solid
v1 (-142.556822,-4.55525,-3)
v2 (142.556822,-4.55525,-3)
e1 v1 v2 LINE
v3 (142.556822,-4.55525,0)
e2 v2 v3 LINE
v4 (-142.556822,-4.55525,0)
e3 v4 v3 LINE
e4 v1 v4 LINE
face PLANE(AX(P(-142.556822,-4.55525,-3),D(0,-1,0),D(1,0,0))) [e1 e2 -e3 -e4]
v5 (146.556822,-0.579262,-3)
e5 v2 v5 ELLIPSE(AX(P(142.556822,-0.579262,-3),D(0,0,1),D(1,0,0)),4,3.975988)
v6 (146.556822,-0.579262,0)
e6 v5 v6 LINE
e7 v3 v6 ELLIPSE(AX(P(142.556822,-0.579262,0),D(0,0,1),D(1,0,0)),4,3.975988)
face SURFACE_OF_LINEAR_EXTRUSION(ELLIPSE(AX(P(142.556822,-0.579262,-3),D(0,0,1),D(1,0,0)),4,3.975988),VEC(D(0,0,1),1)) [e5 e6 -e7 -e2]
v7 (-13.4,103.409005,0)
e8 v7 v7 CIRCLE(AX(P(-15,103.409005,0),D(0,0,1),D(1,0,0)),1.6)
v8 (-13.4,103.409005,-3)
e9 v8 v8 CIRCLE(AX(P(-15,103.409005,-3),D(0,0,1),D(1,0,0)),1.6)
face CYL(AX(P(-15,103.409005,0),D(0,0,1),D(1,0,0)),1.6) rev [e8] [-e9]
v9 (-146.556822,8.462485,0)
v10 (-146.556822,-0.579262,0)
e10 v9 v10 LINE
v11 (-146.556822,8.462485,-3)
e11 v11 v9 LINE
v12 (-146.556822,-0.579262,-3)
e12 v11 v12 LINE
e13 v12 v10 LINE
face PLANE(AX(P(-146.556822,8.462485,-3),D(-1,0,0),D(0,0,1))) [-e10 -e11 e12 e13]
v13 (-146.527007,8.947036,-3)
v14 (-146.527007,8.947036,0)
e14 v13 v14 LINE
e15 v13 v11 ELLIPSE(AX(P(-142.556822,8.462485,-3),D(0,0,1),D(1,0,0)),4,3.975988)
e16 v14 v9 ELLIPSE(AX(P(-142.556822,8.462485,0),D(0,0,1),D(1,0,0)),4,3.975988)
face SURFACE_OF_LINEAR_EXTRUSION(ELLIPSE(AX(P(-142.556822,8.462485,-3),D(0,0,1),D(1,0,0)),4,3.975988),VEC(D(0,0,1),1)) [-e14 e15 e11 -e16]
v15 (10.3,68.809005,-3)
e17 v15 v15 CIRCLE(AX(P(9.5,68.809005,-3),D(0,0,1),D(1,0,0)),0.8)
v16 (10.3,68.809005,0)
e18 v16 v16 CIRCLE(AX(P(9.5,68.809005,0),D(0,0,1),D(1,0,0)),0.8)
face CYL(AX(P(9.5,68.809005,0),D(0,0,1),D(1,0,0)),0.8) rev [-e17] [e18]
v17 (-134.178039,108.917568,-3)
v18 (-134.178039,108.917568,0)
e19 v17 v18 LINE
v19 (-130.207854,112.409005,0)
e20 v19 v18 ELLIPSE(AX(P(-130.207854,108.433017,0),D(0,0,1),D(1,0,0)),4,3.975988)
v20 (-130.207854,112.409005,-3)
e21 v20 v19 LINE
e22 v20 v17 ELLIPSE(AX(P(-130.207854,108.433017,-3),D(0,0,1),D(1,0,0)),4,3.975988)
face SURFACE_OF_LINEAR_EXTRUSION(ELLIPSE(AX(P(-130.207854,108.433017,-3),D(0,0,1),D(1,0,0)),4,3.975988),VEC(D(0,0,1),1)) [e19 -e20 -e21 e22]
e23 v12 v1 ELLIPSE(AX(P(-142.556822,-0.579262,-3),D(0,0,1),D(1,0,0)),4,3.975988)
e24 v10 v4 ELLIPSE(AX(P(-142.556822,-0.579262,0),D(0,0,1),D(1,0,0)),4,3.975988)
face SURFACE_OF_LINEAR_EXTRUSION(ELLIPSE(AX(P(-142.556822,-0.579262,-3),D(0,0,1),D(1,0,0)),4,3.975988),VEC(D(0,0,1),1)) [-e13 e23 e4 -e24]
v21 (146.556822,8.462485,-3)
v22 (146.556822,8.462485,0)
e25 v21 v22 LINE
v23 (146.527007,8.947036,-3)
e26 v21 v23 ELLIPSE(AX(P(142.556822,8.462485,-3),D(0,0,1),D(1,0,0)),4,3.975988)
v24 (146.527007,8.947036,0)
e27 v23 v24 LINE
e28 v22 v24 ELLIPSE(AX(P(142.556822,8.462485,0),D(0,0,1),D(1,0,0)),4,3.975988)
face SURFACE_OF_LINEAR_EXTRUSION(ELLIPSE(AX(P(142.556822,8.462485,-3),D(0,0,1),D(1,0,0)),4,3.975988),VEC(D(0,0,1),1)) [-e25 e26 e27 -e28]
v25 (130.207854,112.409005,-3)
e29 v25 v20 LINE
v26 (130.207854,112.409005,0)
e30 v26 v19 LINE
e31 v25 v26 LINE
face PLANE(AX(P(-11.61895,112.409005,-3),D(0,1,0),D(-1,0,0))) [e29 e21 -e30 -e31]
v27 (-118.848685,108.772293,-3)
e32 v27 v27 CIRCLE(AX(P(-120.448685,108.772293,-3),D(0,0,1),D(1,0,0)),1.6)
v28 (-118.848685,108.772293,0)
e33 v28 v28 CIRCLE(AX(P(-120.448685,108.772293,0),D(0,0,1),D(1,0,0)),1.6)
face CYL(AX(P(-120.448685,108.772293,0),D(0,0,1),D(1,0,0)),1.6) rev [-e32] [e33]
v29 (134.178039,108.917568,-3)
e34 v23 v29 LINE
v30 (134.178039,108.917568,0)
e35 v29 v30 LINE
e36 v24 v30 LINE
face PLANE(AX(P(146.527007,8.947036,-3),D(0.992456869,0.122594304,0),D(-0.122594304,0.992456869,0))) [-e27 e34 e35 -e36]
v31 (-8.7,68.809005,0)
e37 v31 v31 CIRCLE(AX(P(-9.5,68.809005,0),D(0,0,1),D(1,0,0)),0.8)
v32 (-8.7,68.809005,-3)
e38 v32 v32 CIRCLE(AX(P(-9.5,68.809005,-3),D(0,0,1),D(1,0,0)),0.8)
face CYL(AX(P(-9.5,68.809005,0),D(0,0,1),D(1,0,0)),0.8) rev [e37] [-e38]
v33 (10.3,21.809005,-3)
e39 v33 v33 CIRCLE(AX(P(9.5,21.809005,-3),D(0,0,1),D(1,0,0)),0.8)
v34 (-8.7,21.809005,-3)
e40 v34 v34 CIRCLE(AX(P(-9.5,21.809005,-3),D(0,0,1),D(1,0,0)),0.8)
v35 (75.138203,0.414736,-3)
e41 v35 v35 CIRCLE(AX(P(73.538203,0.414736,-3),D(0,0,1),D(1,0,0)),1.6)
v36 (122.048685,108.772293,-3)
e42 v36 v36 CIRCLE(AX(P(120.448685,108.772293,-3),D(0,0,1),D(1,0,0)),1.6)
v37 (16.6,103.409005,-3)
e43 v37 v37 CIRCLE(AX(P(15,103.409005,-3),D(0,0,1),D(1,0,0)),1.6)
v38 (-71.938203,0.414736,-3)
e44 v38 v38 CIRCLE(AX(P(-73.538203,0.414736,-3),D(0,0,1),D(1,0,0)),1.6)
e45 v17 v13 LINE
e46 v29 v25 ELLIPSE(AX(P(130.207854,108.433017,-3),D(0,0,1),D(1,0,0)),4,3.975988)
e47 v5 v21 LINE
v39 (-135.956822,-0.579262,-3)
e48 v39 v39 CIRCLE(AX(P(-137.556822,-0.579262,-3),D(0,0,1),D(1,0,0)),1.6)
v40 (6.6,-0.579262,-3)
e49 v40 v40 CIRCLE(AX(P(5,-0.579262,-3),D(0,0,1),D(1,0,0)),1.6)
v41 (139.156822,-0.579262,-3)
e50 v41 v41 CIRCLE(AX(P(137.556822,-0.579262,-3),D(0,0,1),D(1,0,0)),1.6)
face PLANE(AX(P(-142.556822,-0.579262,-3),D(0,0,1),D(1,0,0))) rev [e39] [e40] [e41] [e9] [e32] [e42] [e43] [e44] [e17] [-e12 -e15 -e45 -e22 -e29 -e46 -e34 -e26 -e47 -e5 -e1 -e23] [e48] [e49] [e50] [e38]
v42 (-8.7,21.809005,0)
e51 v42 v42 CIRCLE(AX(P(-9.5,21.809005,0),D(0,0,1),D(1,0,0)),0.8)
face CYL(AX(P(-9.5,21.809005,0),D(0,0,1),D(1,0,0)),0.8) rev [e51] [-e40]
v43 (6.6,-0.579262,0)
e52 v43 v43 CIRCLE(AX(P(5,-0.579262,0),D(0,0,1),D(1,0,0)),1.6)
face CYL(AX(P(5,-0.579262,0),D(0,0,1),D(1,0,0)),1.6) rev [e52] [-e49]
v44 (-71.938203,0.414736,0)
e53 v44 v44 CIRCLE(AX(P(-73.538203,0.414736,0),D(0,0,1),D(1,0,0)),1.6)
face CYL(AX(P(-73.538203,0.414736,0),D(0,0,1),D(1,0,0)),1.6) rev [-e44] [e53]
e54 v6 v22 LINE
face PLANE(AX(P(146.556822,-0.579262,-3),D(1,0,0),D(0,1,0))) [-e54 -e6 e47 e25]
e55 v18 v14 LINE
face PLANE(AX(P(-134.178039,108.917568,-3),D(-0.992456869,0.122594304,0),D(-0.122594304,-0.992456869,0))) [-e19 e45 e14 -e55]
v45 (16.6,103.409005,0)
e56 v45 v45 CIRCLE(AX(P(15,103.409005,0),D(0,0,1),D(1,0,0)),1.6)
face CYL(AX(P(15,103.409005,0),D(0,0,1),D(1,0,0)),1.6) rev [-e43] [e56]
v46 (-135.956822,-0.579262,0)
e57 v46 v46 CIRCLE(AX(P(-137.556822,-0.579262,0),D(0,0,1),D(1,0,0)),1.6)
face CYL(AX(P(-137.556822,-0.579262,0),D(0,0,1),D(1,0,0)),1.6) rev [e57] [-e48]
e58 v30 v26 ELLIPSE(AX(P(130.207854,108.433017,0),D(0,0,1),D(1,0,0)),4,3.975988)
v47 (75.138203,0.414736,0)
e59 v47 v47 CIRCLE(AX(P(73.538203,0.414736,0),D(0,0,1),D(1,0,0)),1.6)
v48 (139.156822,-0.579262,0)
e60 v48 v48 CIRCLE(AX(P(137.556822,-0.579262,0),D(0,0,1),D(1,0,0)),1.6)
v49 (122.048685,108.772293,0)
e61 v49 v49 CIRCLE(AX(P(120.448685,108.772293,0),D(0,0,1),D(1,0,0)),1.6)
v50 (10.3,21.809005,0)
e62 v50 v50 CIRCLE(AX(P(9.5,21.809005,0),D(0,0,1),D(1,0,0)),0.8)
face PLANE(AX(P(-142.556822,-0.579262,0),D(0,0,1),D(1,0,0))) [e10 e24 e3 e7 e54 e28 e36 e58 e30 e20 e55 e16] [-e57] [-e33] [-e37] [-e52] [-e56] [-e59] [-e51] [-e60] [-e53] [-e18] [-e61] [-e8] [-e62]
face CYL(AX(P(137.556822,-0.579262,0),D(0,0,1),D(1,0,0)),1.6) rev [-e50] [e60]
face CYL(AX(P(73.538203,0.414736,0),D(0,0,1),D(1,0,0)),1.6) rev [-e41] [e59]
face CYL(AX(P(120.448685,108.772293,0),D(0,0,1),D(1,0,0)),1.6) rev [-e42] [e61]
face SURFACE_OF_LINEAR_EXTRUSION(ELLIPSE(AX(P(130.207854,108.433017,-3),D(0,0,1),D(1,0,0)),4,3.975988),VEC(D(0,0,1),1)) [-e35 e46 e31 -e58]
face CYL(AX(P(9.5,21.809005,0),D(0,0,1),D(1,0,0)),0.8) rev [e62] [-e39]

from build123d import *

# Parameters (mm, degrees)
BOSS_EXTRUDE1_DEPTH            = 3
F_3_2_3_2_DIAMETER_HOLE1_D     = 3.2
F_3_2_3_2_DIAMETER_HOLE1_DEPTH = 15
F_3_2_3_2_DIAMETER_HOLE1_TIP   = 0.96137699
F_1_6_1_6_DIAMETER_HOLE1_D     = 1.6
F_1_6_1_6_DIAMETER_HOLE1_DEPTH = 15
F_1_6_1_6_DIAMETER_HOLE1_TIP   = 0.480688495


with BuildPart() as part:
    # Sketch1 → Boss-Extrude1 (new body)
    with BuildSketch(Plane.XY):
        with BuildLine():
            Line((-11.618950039, 112.409005395), (11.618950039, 112.409005395))
            Line((11.618950039, 112.409005395), (130.207854482, 112.409005395))
            add(Edge.make_bspline(
                [(134.178039088, 108.917568146), (133.74675554, 112.409005395), (130.207854482, 112.409005395)],
                knots=[0.122173048, 0.122173048, 0.122173048, 1.570796327, 1.570796327, 1.570796327], degree=2, weights=[1, 0.748955721, 1]))
            Line((134.178039088, 108.917568146), (146.527006833, 8.947035697))
            add(Edge.make_bspline(
                [(146.556822227, 8.462484609), (146.556822227, 8.705666473), (146.527006833, 8.947035697)],
                knots=[0, 0, 0, 0.122173048, 0.122173048, 0.122173048], degree=2, weights=[1, 0.998134798, 1]))
            Line((146.556822227, 8.462484609), (146.556822227, -0.579261565))
            add(Edge.make_bspline(
                [(142.556822227, -4.555249901), (146.556822227, -4.555249901), (146.556822227, -0.579261565)],
                knots=[4.71238898, 4.71238898, 4.71238898, 6.283185307, 6.283185307, 6.283185307], degree=2, weights=[1, 0.707106781, 1]))
            Line((142.556822227, -4.555249901), (-142.556822227, -4.555249901))
            add(Edge.make_bspline(
                [(-146.556822227, -0.579261565), (-146.556822227, -4.555249901), (-142.556822227, -4.555249901)],
                knots=[3.141592654, 3.141592654, 3.141592654, 4.71238898, 4.71238898, 4.71238898], degree=2, weights=[1, 0.707106781, 1]))
            Line((-146.556822227, -0.579261565), (-146.556822227, 8.462484609))
            add(Edge.make_bspline(
                [(-146.527006833, 8.947035697), (-146.556822227, 8.705666473), (-146.556822227, 8.462484609)],
                knots=[3.019419606, 3.019419606, 3.019419606, 3.141592654, 3.141592654, 3.141592654], degree=2, weights=[1, 0.998134798, 1]))
            Line((-146.527006833, 8.947035697), (-134.178039088, 108.917568146))
            add(Edge.make_bspline(
                [(-130.207854482, 112.409005395), (-133.74675554, 112.409005395), (-134.178039088, 108.917568146)],
                knots=[1.570796327, 1.570796327, 1.570796327, 3.019419606, 3.019419606, 3.019419606], degree=2, weights=[1, 0.748955721, 1]))
            Line((-130.207854482, 112.409005395), (-11.618950039, 112.409005395))
        make_face()
    extrude(amount=-BOSS_EXTRUDE1_DEPTH)

    # Ø3.2 (3.2) Diameter Hole1
    with Locations(Plane(origin=(167.519332635, 69.709864468, 0), x_dir=(1, 0, 0), z_dir=(0, 0, 1))):
        with Locations((-47.07064809, 39.062428571), (-29.962510408, -70.289126033), (-93.981129185, -69.295128949), (-241.057536085, -69.295128949), (-305.076154862, -70.289126033), (-287.968017181, 39.062428571), (-182.519332635, 33.699140926), (-152.519332635, 33.699140926), (-162.519332635, -70.289126033)):
            Hole(F_3_2_3_2_DIAMETER_HOLE1_D / 2, depth=F_3_2_3_2_DIAMETER_HOLE1_DEPTH)
            with Locations((0, 0, -(F_3_2_3_2_DIAMETER_HOLE1_DEPTH + F_3_2_3_2_DIAMETER_HOLE1_TIP / 2))):  # 118° drill point
                Cone(0, F_3_2_3_2_DIAMETER_HOLE1_D / 2, F_3_2_3_2_DIAMETER_HOLE1_TIP, mode=Mode.SUBTRACT)

    # Ø1.6 (1.6) Diameter Hole1
    with Locations(Plane.XY):
        with Locations((-9.5, 68.809005395), (9.5, 68.809005395), (-9.5, 21.809005395), (9.5, 21.809005395)):
            Hole(F_1_6_1_6_DIAMETER_HOLE1_D / 2, depth=F_1_6_1_6_DIAMETER_HOLE1_DEPTH)
            with Locations((0, 0, -(F_1_6_1_6_DIAMETER_HOLE1_DEPTH + F_1_6_1_6_DIAMETER_HOLE1_TIP / 2))):  # 118° drill point
                Cone(0, F_1_6_1_6_DIAMETER_HOLE1_D / 2, F_1_6_1_6_DIAMETER_HOLE1_TIP, mode=Mode.SUBTRACT)


solid = part.part
